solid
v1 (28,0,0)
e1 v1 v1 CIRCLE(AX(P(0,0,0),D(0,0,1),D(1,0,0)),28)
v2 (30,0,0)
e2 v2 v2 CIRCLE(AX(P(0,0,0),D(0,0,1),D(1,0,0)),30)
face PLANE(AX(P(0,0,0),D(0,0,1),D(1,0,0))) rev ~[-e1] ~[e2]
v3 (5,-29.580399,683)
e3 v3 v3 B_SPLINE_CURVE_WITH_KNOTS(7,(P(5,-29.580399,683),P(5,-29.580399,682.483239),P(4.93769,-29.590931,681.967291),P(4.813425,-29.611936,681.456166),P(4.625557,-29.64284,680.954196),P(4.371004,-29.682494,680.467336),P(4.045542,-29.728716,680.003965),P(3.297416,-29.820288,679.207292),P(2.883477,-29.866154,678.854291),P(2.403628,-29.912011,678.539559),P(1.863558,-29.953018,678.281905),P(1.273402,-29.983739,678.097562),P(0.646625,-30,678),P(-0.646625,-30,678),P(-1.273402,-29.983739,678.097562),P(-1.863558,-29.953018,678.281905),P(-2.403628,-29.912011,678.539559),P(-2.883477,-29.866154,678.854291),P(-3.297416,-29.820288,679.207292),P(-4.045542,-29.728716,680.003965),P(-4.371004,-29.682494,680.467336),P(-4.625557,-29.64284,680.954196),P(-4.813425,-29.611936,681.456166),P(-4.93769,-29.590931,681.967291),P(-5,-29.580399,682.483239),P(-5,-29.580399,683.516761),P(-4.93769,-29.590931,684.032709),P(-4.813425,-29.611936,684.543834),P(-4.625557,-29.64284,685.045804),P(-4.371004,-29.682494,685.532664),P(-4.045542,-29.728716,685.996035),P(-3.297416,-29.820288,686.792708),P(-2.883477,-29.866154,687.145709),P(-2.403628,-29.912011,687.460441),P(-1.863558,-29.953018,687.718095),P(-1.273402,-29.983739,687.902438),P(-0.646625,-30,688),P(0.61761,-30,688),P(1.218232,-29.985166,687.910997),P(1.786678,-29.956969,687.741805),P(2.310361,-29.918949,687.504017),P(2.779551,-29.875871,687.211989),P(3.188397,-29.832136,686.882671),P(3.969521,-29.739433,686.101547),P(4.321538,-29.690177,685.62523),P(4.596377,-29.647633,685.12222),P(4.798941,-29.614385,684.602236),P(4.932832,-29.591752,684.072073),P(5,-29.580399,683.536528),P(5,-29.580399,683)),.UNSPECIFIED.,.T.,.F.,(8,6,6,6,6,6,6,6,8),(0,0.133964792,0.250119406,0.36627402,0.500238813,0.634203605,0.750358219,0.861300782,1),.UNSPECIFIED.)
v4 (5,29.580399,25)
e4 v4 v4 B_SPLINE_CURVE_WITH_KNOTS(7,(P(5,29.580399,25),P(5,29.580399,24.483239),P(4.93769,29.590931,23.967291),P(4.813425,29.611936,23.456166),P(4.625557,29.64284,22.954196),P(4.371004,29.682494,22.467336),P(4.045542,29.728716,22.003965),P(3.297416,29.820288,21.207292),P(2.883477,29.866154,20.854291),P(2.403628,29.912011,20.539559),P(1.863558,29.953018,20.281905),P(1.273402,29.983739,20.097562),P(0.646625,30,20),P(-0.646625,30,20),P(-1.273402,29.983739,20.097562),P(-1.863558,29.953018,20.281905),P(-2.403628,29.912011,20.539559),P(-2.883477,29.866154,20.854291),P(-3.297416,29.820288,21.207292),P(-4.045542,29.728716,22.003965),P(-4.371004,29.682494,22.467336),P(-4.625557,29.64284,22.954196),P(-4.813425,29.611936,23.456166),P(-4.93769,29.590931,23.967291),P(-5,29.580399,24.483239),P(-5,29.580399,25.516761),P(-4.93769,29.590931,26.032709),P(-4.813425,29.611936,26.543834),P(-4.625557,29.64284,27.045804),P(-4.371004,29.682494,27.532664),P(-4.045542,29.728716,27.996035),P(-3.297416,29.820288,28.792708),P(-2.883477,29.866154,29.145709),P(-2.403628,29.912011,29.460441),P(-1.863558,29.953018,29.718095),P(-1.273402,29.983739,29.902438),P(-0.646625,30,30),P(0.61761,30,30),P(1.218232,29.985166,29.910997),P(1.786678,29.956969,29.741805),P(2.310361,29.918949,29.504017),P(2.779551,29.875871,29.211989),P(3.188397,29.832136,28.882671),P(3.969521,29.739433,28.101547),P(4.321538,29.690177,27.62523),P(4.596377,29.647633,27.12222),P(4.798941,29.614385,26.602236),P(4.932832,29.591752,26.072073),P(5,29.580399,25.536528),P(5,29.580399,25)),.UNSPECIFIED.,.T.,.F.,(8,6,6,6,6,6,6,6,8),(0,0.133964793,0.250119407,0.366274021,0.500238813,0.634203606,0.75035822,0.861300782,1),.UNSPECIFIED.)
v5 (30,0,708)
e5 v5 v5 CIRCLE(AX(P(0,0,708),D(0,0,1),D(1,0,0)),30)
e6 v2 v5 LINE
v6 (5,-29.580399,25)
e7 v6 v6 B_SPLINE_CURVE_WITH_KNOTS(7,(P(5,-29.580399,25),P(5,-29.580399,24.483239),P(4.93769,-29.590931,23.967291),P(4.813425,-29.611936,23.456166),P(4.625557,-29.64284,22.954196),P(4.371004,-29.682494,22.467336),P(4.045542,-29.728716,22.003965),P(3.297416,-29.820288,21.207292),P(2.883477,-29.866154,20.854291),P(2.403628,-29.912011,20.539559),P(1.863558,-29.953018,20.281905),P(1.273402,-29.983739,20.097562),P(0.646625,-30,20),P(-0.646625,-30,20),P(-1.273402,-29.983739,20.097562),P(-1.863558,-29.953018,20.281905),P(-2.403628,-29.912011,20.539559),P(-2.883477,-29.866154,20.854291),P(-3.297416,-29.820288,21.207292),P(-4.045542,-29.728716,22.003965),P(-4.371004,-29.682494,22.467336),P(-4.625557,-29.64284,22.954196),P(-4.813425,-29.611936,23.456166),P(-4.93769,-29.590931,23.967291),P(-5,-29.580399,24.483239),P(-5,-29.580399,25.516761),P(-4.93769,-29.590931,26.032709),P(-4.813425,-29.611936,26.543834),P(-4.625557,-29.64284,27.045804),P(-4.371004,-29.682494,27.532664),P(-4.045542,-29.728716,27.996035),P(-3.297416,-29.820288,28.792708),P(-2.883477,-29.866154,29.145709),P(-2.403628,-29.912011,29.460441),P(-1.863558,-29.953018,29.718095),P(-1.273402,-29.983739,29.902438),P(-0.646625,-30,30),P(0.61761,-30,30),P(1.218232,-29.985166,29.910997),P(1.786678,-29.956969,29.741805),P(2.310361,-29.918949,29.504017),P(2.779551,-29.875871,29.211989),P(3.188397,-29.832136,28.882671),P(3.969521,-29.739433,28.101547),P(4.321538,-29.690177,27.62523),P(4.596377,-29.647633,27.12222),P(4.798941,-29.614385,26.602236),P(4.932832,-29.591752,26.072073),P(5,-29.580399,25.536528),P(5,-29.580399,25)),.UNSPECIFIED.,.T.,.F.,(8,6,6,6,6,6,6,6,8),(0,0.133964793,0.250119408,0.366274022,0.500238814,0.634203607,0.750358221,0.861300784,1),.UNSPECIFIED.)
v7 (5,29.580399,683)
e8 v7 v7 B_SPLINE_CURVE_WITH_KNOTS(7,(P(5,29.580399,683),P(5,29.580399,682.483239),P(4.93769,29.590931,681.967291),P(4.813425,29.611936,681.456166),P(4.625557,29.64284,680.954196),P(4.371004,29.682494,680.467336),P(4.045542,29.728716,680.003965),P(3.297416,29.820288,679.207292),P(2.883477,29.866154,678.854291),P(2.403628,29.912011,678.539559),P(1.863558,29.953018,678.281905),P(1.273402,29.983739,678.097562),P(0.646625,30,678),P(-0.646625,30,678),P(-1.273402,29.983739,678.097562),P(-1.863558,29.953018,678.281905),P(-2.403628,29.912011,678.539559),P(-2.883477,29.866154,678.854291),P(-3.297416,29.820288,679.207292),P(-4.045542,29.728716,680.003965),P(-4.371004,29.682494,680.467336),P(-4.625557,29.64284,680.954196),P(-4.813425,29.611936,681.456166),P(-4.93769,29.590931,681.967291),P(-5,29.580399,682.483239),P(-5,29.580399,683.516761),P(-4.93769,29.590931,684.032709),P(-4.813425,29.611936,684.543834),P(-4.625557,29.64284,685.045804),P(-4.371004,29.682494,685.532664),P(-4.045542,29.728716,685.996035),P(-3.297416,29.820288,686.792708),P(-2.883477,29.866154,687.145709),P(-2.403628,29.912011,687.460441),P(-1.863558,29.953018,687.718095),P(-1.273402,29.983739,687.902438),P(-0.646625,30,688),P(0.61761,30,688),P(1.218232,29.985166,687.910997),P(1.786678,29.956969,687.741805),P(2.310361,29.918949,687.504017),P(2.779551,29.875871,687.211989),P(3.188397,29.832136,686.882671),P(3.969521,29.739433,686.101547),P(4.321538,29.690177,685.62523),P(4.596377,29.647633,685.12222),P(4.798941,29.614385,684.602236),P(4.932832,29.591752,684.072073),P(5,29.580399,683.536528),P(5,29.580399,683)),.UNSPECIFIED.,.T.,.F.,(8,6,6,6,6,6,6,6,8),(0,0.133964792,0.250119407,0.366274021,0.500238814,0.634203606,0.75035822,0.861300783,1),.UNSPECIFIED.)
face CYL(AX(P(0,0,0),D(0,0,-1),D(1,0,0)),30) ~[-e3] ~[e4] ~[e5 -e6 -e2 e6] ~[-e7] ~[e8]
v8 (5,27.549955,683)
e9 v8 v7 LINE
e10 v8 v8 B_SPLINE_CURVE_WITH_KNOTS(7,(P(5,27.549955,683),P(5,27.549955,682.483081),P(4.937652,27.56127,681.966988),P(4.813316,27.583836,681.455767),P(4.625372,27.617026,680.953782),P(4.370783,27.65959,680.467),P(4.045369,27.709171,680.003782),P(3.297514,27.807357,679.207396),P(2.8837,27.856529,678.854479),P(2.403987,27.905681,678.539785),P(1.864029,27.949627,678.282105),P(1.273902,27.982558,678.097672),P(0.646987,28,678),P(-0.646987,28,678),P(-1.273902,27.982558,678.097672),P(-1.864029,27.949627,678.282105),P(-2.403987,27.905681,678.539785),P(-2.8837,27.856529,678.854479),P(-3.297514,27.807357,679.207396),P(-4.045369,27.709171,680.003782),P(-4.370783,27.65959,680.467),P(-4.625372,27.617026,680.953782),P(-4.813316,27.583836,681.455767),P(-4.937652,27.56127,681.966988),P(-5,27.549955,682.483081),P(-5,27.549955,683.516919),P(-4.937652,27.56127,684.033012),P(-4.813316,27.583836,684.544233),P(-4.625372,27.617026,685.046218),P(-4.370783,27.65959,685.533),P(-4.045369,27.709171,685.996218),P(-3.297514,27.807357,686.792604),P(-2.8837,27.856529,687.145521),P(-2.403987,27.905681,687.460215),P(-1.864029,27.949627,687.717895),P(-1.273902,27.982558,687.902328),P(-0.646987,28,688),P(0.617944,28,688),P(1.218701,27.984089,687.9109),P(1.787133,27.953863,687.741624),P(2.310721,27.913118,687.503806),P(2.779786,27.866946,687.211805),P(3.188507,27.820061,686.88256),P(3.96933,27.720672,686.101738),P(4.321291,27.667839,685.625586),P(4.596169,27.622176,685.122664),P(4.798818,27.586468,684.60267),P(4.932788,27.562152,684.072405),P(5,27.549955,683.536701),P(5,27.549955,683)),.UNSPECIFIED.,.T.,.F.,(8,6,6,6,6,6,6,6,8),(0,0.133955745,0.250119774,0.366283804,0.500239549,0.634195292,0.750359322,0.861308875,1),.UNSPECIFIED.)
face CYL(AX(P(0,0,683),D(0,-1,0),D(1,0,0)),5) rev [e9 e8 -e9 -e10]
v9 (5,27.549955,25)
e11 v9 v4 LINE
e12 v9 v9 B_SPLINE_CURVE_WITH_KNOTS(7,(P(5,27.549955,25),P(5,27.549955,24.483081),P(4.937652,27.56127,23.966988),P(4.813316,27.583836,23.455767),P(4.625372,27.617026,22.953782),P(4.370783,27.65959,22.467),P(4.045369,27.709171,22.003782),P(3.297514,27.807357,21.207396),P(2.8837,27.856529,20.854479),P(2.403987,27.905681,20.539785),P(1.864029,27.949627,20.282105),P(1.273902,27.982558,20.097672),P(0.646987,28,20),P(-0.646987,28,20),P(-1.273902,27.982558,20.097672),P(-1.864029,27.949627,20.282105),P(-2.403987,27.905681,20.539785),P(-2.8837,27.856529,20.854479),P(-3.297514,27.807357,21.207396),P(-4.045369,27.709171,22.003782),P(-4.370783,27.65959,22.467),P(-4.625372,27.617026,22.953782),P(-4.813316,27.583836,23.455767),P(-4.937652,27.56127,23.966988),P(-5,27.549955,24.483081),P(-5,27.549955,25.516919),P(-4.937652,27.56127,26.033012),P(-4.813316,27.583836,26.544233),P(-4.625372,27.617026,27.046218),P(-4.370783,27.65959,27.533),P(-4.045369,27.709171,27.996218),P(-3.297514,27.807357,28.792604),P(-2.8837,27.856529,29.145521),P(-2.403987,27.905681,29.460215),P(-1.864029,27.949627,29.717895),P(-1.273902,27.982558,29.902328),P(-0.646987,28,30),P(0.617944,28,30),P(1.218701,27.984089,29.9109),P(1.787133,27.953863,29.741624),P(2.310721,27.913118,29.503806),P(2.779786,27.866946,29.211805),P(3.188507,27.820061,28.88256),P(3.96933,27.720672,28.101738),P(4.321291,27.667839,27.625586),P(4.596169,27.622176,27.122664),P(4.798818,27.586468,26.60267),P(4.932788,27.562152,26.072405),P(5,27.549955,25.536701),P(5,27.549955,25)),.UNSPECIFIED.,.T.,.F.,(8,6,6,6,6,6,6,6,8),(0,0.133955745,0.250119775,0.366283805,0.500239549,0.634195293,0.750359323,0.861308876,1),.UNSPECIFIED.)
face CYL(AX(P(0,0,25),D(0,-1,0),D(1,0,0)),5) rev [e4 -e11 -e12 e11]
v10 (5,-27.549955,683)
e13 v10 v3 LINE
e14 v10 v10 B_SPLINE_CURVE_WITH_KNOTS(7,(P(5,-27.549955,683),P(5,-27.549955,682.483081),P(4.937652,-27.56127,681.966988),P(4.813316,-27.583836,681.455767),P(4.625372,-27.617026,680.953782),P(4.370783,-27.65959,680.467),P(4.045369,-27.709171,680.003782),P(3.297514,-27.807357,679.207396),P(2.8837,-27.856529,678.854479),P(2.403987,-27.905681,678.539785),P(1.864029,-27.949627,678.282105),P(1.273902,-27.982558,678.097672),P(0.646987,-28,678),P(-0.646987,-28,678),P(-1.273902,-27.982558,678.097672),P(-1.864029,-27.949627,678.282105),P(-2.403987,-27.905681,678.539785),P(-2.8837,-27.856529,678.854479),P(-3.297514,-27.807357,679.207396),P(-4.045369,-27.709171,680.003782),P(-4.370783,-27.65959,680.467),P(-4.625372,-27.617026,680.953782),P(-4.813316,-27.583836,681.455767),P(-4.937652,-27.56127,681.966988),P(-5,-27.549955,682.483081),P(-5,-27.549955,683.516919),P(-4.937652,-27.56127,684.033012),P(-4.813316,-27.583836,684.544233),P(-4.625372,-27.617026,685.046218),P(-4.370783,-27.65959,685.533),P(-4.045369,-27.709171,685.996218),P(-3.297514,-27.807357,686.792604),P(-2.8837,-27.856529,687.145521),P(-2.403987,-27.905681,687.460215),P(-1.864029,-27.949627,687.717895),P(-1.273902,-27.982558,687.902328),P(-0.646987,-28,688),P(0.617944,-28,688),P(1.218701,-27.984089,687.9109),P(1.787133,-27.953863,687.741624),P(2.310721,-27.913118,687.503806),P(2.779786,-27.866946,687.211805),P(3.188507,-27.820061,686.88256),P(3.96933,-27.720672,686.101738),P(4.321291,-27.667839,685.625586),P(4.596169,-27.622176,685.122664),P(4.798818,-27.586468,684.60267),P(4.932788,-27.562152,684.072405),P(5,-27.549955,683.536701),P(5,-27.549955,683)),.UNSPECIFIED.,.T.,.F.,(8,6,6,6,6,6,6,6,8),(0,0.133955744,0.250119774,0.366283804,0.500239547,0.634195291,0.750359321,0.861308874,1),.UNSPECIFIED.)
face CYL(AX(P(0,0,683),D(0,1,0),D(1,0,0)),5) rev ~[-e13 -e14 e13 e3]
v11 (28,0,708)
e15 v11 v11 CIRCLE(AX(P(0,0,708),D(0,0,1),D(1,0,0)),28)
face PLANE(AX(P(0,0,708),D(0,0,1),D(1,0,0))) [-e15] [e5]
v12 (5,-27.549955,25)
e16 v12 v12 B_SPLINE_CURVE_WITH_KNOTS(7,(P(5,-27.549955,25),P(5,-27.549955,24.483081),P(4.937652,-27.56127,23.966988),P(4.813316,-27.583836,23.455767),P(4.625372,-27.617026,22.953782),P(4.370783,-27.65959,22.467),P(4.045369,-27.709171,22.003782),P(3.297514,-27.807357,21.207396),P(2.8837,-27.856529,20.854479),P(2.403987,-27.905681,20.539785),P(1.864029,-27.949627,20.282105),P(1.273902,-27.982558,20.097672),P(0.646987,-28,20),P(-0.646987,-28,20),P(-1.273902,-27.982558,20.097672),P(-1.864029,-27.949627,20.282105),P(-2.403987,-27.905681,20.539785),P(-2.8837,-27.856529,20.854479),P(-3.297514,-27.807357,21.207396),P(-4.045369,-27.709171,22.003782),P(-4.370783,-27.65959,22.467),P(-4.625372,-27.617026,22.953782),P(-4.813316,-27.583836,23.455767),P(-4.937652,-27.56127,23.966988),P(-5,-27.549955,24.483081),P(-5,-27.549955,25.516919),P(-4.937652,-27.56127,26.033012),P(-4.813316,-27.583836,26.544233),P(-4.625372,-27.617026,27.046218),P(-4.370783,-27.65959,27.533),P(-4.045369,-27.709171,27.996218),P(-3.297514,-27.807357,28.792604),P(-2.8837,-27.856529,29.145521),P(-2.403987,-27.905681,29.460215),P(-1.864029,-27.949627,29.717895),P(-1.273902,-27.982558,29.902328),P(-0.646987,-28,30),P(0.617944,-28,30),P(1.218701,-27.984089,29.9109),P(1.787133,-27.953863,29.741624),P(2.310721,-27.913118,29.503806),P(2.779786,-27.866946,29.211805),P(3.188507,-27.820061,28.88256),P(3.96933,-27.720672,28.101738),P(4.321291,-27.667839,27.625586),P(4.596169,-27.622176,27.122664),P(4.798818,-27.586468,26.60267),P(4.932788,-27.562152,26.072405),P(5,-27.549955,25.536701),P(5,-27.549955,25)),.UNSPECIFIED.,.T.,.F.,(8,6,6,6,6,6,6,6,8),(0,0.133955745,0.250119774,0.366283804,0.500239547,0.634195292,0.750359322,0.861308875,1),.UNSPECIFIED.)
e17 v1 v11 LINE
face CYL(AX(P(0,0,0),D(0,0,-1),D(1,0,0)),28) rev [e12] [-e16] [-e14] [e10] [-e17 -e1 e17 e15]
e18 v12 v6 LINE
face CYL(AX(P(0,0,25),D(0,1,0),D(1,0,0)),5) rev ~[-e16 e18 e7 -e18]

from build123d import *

# Parameters (mm, degrees)
SKETCH1_R               = 30
SKETCH1_R_2             = 28
BOSS_EXTRUDE1_DEPTH     = 708
SKETCH2_R               = 5
CUT_EXTRUDE1_DEPTH      = 31
CUT_EXTRUDE1_DEPTH_BACK = 31


with BuildPart() as part:
    # Sketch1 → Boss-Extrude1 (new body)
    with BuildSketch(Plane.XY):
        Circle(SKETCH1_R)
        Circle(SKETCH1_R_2, mode=Mode.SUBTRACT)
    extrude(amount=BOSS_EXTRUDE1_DEPTH)

    # Sketch2 → Cut-Extrude1 (cut, two sides)
    with BuildSketch(Plane(origin=(0, 0, 0), x_dir=(1, 0, 0), z_dir=(0, 1, 0))) as cut_extrude1_sk:
        with Locations((0, -683)):
            Circle(SKETCH2_R)
        with Locations((0, -25)):
            Circle(SKETCH2_R)
    extrude(amount=CUT_EXTRUDE1_DEPTH, mode=Mode.SUBTRACT)
    extrude(cut_extrude1_sk.sketch, amount=-CUT_EXTRUDE1_DEPTH_BACK, mode=Mode.SUBTRACT)


solid = part.part
